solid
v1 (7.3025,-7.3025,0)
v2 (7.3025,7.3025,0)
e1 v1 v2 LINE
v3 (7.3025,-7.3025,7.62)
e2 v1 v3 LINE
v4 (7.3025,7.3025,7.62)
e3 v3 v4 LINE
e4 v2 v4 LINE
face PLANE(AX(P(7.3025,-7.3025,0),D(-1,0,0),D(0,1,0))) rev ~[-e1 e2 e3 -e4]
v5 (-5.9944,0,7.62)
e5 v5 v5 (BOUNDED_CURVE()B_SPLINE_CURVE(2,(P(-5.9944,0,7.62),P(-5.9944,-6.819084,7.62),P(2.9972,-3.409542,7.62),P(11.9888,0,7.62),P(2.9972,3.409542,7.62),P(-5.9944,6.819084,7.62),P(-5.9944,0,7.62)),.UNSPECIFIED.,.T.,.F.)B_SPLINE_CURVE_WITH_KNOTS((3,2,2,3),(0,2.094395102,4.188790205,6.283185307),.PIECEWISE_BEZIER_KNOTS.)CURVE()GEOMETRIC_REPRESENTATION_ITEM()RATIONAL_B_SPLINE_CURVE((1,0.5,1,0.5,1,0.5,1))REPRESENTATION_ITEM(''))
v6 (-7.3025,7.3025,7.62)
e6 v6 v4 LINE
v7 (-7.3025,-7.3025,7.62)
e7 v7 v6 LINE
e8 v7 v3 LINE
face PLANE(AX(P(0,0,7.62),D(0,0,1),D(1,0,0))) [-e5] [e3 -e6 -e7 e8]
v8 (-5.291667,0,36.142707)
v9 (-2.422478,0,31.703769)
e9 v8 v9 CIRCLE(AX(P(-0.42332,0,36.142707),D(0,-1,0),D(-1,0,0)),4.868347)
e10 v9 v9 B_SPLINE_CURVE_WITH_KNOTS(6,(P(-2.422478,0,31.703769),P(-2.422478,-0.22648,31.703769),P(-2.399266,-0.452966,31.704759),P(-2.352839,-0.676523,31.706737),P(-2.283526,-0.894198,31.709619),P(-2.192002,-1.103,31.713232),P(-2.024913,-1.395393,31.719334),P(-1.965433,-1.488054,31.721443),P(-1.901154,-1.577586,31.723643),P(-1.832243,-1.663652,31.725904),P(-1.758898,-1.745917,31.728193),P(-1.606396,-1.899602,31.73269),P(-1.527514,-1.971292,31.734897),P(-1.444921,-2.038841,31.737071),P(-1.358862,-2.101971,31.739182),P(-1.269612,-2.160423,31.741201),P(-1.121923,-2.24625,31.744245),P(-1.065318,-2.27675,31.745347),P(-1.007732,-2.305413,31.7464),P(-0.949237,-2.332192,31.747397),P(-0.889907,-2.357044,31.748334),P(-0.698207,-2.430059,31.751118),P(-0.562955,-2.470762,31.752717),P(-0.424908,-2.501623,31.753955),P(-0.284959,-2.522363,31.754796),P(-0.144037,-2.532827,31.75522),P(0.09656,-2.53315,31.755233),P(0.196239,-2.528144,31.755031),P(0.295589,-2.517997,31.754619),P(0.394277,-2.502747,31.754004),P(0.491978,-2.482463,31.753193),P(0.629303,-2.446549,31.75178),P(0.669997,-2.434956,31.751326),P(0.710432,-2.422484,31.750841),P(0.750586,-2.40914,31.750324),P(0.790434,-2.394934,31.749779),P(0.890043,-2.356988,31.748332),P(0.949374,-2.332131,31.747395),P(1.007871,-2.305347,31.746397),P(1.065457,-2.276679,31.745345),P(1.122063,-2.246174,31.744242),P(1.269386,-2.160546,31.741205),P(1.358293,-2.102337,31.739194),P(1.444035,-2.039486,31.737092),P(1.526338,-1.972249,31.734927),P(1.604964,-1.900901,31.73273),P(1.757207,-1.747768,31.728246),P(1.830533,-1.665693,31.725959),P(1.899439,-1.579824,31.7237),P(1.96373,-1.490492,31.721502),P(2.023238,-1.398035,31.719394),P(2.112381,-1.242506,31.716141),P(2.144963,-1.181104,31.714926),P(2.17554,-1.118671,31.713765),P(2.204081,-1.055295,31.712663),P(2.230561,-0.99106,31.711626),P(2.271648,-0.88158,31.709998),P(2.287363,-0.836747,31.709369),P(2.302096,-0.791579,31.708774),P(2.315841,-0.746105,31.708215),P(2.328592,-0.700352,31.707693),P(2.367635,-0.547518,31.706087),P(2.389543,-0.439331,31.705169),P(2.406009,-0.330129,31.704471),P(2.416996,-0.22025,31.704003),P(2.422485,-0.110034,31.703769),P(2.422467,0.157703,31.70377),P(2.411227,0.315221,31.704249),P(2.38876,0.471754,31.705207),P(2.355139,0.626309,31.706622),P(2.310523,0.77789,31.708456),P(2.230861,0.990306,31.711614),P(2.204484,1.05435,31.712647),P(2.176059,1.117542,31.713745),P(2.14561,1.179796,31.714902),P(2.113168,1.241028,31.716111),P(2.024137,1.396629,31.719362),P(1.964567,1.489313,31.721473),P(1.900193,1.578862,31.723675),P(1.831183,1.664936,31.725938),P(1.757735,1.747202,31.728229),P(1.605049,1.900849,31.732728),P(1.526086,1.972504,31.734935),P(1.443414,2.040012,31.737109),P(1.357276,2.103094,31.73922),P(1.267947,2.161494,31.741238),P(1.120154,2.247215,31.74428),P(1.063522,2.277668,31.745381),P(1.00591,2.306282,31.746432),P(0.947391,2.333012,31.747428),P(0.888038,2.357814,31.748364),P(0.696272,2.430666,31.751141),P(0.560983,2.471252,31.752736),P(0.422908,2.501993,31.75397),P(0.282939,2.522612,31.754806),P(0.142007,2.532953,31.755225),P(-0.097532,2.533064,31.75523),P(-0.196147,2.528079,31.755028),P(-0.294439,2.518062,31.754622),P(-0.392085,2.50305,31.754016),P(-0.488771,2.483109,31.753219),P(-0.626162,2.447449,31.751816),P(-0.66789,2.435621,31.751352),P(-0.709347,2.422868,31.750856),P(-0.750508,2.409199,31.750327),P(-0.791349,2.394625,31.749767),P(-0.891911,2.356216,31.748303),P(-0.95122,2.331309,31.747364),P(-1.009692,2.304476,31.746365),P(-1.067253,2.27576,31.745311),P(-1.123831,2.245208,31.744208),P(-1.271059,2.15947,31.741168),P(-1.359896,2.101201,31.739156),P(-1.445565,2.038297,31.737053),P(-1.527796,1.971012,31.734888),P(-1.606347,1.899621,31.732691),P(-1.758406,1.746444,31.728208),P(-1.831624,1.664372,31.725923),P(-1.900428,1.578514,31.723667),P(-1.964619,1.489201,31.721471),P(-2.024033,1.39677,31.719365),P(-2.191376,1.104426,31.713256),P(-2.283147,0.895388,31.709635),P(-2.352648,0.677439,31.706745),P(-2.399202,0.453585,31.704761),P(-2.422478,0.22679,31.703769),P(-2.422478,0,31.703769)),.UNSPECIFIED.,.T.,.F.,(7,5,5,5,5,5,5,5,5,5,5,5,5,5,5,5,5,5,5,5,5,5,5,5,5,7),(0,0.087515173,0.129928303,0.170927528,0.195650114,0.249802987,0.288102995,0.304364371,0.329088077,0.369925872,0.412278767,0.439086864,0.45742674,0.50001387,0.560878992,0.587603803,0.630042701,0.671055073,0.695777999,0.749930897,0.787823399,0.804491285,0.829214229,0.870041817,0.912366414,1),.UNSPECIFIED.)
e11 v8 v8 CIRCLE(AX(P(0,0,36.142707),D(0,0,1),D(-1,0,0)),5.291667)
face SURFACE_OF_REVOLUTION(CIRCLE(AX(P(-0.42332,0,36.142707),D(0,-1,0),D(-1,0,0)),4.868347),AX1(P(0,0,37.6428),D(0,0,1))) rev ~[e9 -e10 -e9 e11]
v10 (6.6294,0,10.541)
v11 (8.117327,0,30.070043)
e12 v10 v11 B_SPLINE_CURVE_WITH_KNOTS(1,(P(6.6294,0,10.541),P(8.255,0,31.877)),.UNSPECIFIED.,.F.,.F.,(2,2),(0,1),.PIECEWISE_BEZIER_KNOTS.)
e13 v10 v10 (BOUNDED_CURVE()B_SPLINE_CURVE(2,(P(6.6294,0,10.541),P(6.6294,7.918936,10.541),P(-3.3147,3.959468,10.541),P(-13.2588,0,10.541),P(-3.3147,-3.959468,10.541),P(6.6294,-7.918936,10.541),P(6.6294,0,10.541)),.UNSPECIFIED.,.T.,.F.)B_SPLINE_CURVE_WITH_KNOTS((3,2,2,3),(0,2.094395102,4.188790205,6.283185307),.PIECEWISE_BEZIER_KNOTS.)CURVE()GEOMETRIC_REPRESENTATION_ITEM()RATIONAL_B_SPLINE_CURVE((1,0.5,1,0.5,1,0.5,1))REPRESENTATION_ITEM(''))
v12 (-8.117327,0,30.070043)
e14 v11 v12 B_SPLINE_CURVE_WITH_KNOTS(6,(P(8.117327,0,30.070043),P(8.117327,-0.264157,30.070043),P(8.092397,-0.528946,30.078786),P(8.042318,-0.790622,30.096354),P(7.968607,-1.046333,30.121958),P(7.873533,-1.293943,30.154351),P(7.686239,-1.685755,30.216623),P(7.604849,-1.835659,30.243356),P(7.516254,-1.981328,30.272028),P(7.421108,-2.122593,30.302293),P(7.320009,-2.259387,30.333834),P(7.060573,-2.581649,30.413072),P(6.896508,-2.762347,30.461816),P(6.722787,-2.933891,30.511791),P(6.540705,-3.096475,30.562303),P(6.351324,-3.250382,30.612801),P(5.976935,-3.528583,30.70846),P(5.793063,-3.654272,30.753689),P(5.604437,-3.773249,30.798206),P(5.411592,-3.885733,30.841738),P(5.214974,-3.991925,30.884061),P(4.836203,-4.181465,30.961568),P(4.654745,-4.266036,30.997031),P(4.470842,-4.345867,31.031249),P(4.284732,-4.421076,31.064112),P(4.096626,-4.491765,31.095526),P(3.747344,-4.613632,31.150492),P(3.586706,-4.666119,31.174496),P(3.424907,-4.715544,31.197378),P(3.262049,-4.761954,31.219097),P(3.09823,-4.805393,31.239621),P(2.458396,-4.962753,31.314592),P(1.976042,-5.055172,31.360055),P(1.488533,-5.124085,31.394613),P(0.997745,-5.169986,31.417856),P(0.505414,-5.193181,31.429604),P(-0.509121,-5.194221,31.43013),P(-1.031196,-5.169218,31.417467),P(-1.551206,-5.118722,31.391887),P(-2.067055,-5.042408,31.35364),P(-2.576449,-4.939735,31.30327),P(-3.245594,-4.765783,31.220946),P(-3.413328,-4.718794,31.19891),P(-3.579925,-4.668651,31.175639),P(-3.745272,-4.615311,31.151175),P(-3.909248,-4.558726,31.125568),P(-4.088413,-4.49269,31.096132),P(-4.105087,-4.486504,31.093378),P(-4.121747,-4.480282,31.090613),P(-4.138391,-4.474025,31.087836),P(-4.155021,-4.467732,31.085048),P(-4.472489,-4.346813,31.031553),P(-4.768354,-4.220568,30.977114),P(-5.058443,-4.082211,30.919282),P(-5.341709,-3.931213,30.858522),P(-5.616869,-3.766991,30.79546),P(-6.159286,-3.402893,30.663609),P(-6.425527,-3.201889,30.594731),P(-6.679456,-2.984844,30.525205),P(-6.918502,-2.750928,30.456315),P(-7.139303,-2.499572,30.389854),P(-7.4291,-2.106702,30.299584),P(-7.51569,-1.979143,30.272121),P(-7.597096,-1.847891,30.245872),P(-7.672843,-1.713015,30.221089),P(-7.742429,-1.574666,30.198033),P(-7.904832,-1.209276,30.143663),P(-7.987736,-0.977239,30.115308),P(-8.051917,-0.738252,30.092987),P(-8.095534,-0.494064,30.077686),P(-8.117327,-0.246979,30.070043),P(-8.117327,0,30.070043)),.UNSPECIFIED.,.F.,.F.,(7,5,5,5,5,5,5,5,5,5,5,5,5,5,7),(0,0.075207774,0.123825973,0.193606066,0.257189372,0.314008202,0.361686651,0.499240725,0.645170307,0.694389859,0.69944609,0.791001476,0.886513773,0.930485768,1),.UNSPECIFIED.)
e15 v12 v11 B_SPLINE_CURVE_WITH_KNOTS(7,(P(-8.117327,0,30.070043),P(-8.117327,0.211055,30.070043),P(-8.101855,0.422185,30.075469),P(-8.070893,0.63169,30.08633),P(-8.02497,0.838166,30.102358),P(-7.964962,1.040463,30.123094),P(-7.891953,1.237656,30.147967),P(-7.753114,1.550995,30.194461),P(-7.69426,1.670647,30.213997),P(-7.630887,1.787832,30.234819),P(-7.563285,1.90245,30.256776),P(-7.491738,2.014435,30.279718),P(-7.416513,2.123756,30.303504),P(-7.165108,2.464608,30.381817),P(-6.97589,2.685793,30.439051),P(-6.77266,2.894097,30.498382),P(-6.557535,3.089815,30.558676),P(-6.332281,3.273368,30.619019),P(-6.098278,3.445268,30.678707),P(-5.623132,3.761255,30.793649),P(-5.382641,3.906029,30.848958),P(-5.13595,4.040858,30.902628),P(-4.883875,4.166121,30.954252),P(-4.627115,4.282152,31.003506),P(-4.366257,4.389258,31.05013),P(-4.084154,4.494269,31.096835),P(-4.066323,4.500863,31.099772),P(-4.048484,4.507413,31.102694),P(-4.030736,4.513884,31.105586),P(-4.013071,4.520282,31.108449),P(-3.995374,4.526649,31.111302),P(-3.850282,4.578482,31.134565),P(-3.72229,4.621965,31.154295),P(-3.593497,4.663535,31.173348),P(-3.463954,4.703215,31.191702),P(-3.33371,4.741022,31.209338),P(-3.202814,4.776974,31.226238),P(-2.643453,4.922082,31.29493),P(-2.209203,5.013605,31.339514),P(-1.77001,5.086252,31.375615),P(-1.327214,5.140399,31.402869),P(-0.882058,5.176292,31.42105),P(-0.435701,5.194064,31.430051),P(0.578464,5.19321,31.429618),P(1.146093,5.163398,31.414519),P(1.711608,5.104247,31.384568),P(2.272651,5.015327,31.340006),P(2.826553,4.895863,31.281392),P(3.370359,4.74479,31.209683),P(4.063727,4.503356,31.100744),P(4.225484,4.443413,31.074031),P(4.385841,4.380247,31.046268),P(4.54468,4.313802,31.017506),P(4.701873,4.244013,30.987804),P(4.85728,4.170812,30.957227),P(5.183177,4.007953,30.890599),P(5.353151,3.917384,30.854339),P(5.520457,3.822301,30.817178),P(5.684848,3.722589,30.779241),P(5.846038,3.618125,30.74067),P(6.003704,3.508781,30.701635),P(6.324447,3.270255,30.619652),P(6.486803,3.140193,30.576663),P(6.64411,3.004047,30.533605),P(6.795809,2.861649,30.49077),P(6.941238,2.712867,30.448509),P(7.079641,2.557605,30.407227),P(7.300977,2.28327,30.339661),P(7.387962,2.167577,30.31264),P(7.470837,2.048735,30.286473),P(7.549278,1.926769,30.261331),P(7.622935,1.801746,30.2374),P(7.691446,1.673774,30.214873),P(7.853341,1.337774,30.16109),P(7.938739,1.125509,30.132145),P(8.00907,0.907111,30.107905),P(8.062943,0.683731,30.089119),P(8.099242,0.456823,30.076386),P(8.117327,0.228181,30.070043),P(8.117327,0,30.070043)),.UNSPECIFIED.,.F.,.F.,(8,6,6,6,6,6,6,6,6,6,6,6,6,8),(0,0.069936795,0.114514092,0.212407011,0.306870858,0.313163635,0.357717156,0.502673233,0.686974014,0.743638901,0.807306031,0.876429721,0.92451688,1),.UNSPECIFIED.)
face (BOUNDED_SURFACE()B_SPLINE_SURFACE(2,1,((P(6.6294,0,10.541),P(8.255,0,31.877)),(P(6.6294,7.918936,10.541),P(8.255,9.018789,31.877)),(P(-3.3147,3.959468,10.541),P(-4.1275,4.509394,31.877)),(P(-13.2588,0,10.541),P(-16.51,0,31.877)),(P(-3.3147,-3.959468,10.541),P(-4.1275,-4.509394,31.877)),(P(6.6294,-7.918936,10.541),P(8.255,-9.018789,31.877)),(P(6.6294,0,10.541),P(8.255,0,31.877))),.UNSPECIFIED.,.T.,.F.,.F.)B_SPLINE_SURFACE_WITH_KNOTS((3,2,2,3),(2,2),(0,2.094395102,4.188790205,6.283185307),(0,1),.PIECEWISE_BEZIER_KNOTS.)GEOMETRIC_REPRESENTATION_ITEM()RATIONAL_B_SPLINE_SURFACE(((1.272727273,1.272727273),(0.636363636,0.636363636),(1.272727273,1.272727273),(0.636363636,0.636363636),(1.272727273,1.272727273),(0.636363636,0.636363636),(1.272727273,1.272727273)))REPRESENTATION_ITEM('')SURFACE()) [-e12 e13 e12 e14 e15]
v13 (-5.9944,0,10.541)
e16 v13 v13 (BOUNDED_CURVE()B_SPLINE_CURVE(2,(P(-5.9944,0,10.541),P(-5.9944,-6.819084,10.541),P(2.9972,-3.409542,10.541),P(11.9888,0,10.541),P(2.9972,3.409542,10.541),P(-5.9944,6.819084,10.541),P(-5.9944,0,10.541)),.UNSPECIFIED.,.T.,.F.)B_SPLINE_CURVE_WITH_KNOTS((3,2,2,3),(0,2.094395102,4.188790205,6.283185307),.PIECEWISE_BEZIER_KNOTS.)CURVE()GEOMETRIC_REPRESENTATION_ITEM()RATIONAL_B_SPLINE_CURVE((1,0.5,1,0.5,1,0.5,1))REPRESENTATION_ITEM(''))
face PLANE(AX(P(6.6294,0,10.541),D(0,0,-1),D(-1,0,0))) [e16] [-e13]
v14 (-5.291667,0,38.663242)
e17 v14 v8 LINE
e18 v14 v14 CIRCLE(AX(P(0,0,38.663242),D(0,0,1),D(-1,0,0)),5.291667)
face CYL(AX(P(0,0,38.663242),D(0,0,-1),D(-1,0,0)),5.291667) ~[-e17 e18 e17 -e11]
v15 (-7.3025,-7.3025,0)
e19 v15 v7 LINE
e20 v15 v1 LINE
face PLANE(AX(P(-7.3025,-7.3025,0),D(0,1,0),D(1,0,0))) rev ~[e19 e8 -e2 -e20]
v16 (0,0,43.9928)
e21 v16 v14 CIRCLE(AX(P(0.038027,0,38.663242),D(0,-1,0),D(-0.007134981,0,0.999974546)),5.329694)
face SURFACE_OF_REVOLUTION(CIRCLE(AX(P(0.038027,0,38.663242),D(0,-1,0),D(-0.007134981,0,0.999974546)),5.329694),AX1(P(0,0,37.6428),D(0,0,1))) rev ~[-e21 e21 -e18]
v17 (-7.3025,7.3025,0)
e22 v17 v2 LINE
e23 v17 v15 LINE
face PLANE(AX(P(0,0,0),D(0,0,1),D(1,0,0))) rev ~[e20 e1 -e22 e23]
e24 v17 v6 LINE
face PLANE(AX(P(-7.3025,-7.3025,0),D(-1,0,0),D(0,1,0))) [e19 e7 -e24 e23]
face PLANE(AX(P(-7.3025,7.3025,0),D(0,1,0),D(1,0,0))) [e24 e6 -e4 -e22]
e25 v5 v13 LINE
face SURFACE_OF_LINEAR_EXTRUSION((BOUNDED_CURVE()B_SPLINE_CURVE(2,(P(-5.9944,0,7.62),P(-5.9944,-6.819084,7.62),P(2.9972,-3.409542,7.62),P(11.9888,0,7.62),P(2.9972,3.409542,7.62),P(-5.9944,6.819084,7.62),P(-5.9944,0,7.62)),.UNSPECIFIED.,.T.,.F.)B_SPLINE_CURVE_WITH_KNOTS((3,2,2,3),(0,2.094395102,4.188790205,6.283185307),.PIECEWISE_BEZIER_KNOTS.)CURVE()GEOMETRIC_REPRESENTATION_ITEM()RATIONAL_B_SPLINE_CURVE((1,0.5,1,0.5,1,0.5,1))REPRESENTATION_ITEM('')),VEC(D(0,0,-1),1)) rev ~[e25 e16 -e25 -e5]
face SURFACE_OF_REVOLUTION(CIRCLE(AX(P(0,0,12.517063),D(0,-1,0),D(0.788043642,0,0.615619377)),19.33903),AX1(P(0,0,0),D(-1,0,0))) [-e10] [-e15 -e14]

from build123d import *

# Parameters (mm, degrees)
F0_W     = 14.605
F0_H     = 14.605
F1_DEPTH = 7.62
F3_DEPTH = 2.921


with BuildPart() as f1:
    # F0 (on Top) → F1 (new body)
    with BuildSketch(Plane.XY):
        Rectangle(F0_W, F0_H)
    extrude(amount=F1_DEPTH)

    # F2 (on face) → F3 (join)
    with BuildSketch(Plane.XY.offset(7.62)):
        with BuildLine():
            add(Edge.make_bspline(
                [(-5.9944, 0), (-5.9944, -6.8190840294), (2.9972, -3.4095420147), (11.9888, 0), (2.9972, 3.4095420147), (-5.9944, 6.8190840294), (-5.9944, 0)],
                knots=[0, 0, 0, 2.0943951024, 2.0943951024, 4.1887902048, 4.1887902048, 6.2831853072, 6.2831853072, 6.2831853072], degree=2, weights=[1, 0.5, 1, 0.5, 1, 0.5, 1]))
        make_face()
    extrude(amount=F3_DEPTH)

    # F5 (on face) → F7 section 0
    with BuildSketch(Plane.XY.offset(10.541)):
        with BuildLine():
            add(Edge.make_bspline(
                [(6.6294, 0), (6.6294, 7.9189362922), (-3.3147, 3.9594681461), (-13.2588, 0), (-3.3147, -3.9594681461), (6.6294, -7.9189362922), (6.6294, 0)],
                knots=[0, 0, 0, 2.0943951024, 2.0943951024, 4.1887902048, 4.1887902048, 6.2831853072, 6.2831853072, 6.2831853072], degree=2, weights=[1, 0.5, 1, 0.5, 1, 0.5, 1]))
        make_face()
    # F6 (on offset) → F7 section 1
    with BuildSketch(Plane.XY.offset(31.877)):
        with BuildLine():
            add(Edge.make_bspline(
                [(8.255, 0), (8.255, 9.018788555), (-4.1275, 4.5093942775), (-16.51, 0), (-4.1275, -4.5093942775), (8.255, -9.018788555), (8.255, 0)],
                knots=[0, 0, 0, 2.0943951024, 2.0943951024, 4.1887902048, 4.1887902048, 6.2831853072, 6.2831853072, 6.2831853072], degree=2, weights=[1, 0.5, 1, 0.5, 1, 0.5, 1]))
        make_face()
    loft()

    # F8 (on Front) → F9 (revolve, intersect)
    with BuildSketch(Plane.XZ):
        with BuildLine():
            Line((7.3025, 0), (15.24, 24.422544986))
            ThreePointArc((15.24, 24.422544986), (0, 31.8560935557), (-15.24, 24.422544986))
            Line((-15.24, 24.422544986), (-7.3025, 0))
            Line((-7.3025, 0), (7.3025, 0))
        make_face()
    revolve(axis=Axis((0, 0, 0), (-1, 0, 0)), mode=Mode.INTERSECT)

    # F10 (on Front) → F11 (revolve)
    with BuildSketch(Plane.XZ):
        with BuildLine():
            ThreePointArc((-5.2916666667, 36.1427071672), (-3.7126915786, 32.5537193001), (0, 31.2928))
            Line((0, 31.2928), (0, 43.9928))
            ThreePointArc((0, 43.9928), (-3.7440562275, 42.4184357163), (-5.2916666667, 38.6632417318))
            Line((-5.2916666667, 38.6632417318), (-5.2916666667, 36.1427071672))
        make_face()
    revolve(axis=Axis((0, 0, 37.6428), (0, 0, 1)))


solid = f1.part
